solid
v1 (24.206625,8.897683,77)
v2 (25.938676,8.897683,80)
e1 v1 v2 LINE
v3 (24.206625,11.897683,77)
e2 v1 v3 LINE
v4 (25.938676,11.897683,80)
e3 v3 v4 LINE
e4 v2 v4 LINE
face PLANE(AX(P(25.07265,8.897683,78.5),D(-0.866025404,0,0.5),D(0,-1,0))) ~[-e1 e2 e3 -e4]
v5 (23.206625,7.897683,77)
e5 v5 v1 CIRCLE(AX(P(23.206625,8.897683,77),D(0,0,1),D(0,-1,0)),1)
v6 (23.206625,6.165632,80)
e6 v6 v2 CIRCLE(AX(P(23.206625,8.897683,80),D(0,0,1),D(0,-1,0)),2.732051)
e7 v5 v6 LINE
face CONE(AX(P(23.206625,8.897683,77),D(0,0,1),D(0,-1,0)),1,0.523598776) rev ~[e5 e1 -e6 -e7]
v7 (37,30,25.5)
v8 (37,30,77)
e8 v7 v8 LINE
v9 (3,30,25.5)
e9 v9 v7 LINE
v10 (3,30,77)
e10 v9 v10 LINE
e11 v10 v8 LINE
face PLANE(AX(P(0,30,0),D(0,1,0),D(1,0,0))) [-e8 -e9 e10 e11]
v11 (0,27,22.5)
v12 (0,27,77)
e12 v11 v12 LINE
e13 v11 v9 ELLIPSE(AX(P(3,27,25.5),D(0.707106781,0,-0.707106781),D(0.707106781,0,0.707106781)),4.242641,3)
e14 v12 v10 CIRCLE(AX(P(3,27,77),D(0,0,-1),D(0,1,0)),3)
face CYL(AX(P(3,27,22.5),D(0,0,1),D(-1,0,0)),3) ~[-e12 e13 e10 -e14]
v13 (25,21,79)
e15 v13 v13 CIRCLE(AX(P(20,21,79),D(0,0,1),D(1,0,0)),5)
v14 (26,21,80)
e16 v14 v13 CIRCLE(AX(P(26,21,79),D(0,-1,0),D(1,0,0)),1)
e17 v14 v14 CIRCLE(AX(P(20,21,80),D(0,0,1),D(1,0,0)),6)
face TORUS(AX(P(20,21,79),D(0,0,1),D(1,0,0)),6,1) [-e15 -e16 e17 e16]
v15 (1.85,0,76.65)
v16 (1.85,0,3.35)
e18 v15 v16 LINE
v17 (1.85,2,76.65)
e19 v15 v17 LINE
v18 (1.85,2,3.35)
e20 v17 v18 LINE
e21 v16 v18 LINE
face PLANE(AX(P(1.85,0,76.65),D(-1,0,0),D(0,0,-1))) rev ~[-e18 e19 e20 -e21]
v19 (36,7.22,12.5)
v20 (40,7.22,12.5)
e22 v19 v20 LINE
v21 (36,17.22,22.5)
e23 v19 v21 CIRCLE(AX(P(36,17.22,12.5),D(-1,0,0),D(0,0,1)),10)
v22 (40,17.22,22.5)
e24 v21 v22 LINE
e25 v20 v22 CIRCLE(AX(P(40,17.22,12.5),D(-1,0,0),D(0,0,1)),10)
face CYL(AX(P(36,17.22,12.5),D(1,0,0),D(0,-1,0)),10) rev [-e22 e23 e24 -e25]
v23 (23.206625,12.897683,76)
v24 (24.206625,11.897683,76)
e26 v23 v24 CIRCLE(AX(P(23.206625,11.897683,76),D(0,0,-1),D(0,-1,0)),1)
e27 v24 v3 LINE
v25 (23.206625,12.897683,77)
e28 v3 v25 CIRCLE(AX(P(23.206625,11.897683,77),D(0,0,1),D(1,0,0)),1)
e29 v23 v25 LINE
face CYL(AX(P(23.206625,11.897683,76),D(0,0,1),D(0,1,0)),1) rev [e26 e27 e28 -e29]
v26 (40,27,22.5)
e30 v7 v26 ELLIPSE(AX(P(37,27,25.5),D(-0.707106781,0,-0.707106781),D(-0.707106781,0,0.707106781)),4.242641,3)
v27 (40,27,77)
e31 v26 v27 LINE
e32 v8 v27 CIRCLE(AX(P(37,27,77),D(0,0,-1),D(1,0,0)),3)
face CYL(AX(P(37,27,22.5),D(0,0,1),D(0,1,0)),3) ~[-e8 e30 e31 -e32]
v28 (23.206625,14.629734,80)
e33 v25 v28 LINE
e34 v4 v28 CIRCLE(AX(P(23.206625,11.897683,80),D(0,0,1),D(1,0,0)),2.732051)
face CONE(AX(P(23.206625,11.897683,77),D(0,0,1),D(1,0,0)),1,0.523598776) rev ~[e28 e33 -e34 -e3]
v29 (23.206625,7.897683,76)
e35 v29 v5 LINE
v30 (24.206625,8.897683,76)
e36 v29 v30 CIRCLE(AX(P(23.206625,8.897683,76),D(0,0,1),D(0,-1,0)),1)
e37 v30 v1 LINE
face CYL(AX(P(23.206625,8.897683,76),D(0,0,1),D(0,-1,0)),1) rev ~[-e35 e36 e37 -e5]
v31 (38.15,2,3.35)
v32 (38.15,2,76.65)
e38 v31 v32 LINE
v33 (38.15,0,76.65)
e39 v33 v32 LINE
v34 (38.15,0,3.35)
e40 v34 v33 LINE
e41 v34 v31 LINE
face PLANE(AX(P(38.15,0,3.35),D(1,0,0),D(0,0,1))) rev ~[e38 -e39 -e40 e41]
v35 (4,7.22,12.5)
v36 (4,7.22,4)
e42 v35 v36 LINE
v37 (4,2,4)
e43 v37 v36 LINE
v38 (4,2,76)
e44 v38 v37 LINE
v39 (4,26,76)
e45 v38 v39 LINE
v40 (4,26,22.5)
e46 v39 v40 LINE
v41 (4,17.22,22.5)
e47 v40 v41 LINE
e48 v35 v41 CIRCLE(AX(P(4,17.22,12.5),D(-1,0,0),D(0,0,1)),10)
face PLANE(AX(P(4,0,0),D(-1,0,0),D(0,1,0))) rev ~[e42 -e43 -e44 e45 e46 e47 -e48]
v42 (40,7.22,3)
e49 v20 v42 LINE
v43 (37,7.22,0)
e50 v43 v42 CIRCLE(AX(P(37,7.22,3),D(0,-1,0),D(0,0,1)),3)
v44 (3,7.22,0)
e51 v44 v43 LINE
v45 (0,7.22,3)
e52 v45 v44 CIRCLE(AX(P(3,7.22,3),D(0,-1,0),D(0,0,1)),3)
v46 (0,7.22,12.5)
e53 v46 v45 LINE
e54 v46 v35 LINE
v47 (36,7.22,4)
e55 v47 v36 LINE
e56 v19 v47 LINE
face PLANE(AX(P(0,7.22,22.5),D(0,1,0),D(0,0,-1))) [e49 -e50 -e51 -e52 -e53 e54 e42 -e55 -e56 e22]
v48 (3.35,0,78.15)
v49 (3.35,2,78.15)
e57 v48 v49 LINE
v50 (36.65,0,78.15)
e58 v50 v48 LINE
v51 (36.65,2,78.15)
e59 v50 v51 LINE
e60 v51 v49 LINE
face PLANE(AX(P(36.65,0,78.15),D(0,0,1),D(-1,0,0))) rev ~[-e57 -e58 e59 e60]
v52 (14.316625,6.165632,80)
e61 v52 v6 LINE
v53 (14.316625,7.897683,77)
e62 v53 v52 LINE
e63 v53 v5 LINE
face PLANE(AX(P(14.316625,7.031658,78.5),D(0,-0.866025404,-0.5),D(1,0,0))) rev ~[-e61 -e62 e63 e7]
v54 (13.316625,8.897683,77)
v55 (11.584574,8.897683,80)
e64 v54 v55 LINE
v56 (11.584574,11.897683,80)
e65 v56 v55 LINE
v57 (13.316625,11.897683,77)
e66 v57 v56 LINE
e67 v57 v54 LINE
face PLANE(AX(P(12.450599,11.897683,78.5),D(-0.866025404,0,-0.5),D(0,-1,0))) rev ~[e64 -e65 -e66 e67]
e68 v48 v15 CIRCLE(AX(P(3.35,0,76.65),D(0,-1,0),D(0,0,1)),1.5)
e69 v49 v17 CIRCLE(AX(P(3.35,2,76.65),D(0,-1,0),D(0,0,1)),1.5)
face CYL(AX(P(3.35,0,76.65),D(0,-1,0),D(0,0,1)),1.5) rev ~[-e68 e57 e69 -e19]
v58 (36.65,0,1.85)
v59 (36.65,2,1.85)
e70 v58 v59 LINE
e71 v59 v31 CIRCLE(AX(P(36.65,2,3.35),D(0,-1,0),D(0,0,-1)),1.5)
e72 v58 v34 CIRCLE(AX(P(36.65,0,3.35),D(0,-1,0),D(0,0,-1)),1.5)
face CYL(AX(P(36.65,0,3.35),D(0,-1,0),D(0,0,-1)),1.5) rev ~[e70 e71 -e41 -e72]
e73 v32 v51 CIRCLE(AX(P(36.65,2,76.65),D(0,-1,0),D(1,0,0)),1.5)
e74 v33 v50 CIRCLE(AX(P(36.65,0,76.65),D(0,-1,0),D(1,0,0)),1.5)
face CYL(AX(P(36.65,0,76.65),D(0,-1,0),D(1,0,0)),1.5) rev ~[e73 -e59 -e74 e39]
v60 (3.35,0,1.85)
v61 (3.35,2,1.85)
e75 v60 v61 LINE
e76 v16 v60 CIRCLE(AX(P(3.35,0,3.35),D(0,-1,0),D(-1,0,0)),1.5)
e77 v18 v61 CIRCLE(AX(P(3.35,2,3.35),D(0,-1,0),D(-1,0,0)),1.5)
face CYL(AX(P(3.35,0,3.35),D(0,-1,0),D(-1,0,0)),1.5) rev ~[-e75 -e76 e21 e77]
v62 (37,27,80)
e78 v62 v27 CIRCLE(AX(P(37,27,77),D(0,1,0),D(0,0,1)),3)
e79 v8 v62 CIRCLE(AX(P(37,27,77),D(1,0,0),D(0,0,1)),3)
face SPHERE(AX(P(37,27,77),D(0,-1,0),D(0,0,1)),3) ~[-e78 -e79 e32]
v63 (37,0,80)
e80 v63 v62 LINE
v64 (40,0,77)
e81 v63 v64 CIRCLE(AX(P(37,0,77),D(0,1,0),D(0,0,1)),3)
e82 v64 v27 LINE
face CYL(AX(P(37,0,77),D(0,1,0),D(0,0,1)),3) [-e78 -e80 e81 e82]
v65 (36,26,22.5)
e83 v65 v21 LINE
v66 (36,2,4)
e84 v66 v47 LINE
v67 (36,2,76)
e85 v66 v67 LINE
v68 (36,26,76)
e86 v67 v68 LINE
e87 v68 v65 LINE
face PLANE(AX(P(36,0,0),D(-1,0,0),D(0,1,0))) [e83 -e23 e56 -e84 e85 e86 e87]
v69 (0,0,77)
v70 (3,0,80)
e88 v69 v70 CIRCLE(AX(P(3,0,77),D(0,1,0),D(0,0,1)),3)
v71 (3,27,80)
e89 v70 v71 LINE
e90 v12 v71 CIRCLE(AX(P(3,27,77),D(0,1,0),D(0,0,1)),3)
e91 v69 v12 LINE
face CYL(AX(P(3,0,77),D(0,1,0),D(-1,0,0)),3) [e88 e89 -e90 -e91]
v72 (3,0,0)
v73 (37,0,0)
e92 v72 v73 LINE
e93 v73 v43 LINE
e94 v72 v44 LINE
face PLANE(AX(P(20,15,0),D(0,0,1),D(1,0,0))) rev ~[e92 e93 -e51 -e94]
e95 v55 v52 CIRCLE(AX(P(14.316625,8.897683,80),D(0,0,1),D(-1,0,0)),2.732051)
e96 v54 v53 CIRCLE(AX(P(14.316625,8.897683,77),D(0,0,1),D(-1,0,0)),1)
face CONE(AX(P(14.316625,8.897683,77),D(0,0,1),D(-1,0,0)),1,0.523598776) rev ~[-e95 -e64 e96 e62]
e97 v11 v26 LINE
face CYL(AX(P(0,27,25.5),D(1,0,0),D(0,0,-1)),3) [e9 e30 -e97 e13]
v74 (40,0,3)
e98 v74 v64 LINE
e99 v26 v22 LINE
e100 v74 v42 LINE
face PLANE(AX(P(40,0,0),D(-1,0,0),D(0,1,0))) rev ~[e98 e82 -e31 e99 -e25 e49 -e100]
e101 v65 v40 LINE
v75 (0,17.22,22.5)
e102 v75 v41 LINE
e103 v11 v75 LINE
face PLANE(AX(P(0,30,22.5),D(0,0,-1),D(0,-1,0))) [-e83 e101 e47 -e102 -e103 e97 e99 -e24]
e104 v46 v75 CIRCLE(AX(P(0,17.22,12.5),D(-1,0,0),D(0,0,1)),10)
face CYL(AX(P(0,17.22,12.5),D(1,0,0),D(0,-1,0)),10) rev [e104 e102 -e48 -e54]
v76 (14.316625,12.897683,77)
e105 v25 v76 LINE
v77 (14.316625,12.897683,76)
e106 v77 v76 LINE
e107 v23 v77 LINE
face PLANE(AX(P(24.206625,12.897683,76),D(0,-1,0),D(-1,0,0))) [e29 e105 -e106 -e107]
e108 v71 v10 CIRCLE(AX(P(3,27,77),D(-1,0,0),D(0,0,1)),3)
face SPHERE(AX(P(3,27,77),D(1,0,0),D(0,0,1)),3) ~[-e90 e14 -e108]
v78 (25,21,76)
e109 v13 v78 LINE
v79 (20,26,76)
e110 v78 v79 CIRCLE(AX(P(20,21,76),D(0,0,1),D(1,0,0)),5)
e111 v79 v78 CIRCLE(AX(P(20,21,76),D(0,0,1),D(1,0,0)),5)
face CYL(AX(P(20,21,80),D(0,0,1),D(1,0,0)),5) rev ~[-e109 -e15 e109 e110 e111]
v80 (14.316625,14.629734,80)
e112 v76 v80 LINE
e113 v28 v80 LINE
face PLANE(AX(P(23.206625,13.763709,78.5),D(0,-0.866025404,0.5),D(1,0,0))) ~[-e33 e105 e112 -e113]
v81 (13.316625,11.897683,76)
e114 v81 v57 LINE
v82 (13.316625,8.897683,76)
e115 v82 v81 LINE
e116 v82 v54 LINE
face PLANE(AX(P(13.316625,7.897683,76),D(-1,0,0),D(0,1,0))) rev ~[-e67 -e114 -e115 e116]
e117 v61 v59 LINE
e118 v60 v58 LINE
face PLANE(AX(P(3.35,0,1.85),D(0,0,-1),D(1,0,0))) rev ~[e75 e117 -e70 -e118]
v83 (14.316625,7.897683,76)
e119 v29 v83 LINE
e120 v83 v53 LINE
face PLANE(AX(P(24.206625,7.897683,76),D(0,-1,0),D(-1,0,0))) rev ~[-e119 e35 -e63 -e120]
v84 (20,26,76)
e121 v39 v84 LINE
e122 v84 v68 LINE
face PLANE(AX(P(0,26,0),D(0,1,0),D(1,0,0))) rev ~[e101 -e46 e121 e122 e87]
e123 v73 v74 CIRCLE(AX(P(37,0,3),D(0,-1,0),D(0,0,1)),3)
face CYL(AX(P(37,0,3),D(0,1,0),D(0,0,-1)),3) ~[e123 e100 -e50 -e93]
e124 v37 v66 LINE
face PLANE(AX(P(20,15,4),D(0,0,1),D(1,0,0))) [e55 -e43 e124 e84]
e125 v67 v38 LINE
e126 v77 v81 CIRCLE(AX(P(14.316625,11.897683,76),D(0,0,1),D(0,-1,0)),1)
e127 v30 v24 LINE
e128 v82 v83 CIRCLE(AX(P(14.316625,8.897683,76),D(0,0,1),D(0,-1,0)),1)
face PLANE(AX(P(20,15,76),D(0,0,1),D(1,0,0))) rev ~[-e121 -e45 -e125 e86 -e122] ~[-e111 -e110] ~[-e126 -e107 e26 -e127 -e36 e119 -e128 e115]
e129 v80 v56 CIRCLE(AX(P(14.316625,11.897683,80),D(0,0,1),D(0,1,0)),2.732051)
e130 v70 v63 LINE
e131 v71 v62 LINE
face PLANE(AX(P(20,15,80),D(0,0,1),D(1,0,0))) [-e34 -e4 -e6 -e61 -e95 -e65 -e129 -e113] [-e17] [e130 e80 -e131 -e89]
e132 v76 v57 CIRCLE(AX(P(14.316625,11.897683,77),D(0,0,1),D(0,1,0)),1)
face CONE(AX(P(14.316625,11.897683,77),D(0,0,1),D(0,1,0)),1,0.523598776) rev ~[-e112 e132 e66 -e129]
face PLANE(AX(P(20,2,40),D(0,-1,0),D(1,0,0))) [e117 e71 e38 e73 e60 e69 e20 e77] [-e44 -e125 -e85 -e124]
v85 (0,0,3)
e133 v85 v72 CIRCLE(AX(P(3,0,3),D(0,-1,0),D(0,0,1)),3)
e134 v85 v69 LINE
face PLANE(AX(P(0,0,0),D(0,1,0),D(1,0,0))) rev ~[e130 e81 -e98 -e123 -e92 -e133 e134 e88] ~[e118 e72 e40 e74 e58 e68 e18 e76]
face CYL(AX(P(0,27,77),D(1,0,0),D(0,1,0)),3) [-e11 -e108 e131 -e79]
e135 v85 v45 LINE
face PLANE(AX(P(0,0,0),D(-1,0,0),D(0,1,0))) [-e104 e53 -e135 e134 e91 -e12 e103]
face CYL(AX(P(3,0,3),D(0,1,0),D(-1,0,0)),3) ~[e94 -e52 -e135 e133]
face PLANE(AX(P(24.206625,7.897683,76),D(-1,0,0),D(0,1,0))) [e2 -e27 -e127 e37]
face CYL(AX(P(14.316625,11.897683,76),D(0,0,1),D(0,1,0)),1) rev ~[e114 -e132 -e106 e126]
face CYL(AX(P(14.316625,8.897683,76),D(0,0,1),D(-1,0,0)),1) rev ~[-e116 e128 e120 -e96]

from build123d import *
from OCP.BRepFilletAPI import BRepFilletAPI_MakeChamfer

# Parameters (mm, degrees)
SKETCH1_W           = 40
SKETCH1_H           = 30.000000000000004
BOSS_EXTRUDE1_DEPTH = 80
SHELL1_T            = -4
SKETCH2_W           = 10.889999999999999
SKETCH2_H           = 5
CUT_EXTRUDE1_DEPTH  = 91.97252332435328
FILLET1_R           = 1
CHAMFER1_SIZE       = 3
CHAMFER1_SIZE2      = 1.732050807568882
CUT_EXTRUDE2_DEPTH  = 95.33981132056604
SKETCH4_R           = 5.000000000000001
CUT_EXTRUDE3_DEPTH  = 5
FILLET2_R           = 1
FILLET3_R           = 10
FILLET4_R           = 3
CUT_EXTRUDE4_DEPTH  = 2


with BuildPart() as part:
    # Sketch1 → Boss-Extrude1 (new body)
    with BuildSketch(Plane.XY):
        with Locations((20, 15.000000000000002)):
            Rectangle(SKETCH1_W, SKETCH1_H)
    extrude(amount=BOSS_EXTRUDE1_DEPTH)

    # Shell1
    shell1_openings = [part.faces().sort_by_distance(p)[0] for p in [
        (20, 0, 40),
    ]]
    offset(amount=SHELL1_T, openings=shell1_openings, kind=Kind.INTERSECTION)

    # Sketch2 → Cut-Extrude1 (cut, through all)
    with BuildSketch(Plane(origin=(0, 0, 76), x_dir=(-1, 0, 0), z_dir=(0, 0, -1))):
        with Locations((-18.76162487822802, 10.397683125280034)):
            Rectangle(SKETCH2_W, SKETCH2_H)
    extrude(amount=-CUT_EXTRUDE1_DEPTH, mode=Mode.SUBTRACT)

    # Fillet1
    fillet1_edges = [part.edges().sort_by_distance(p)[0] for p in [
        (13.316624878228021, 12.897683125280034, 78),
        (13.316624878228021, 7.897683125280034, 78),
        (24.206624878228023, 7.897683125280034, 78),
        (24.206624878228023, 12.897683125280034, 78),
    ]]
    fillet(fillet1_edges, radius=FILLET1_R)

    # Chamfer1: one chamfer whose edges measure the first distance from different faces: ONE call of the kernel's chamfer builder (chamfer() names one face for all edges)
    chamfer1_edges_1 = [part.edges().sort_by_distance(p)[0] for p in [
        (13.316624878228021, 10.397683125280034, 80),
    ]]
    chamfer1_side_1 = [part.faces().sort_by_distance(p)[0] for p in [
        (13.316624878228021, 10.397683125280034, 78),
    ]]
    chamfer1_edges_2 = [part.edges().sort_by_distance(p)[0] for p in [
        (18.761624878228023, 7.897683125280034, 80),
    ]]
    chamfer1_side_2 = [part.faces().sort_by_distance(p)[0] for p in [
        (18.761624878228023, 7.897683125280035, 78),
    ]]
    chamfer1_edges_3 = [part.edges().sort_by_distance(p)[0] for p in [
        (18.761624878228023, 12.897683125280034, 80),
    ]]
    chamfer1_side_3 = [part.faces().sort_by_distance(p)[0] for p in [
        (18.761624878228023, 12.897683125280034, 78),
    ]]
    chamfer1_edges_4 = [part.edges().sort_by_distance(p)[0] for p in [
        (24.206624878228023, 10.397683125280034, 80),
    ]]
    chamfer1_side_4 = [part.faces().sort_by_distance(p)[0] for p in [
        (24.206624878228023, 10.397683125280034, 78),
    ]]
    chamfer1_edges_5 = [part.edges().sort_by_distance(p)[0] for p in [
        (13.609518097041473, 8.190576344093486, 80),
    ]]
    chamfer1_side_5 = [part.faces().sort_by_distance(p)[0] for p in [
        (13.609518097041473, 8.190576344093486, 78),
    ]]
    chamfer1_edges_6 = [part.edges().sort_by_distance(p)[0] for p in [
        (13.609518097041473, 12.604789906466582, 80),
    ]]
    chamfer1_side_6 = [part.faces().sort_by_distance(p)[0] for p in [
        (13.609518097041473, 12.604789906466582, 78),
    ]]
    chamfer1_edges_7 = [part.edges().sort_by_distance(p)[0] for p in [
        (23.91373165941457, 8.190576344093486, 80),
    ]]
    chamfer1_side_7 = [part.faces().sort_by_distance(p)[0] for p in [
        (23.91373165941457, 8.190576344093486, 78),
    ]]
    chamfer1_edges_8 = [part.edges().sort_by_distance(p)[0] for p in [
        (23.91373165941457, 12.604789906466582, 80),
    ]]
    chamfer1_side_8 = [part.faces().sort_by_distance(p)[0] for p in [
        (23.91373165941457, 12.604789906466582, 78),
    ]]
    chamfer1 = BRepFilletAPI_MakeChamfer(part.part.solid().wrapped)
    for e in chamfer1_edges_1:
        chamfer1.Add(CHAMFER1_SIZE, CHAMFER1_SIZE2, e.wrapped, chamfer1_side_1[0].wrapped)  # the first distance lies on this face
    for e in chamfer1_edges_2:
        chamfer1.Add(CHAMFER1_SIZE, CHAMFER1_SIZE2, e.wrapped, chamfer1_side_2[0].wrapped)  # the first distance lies on this face
    for e in chamfer1_edges_3:
        chamfer1.Add(CHAMFER1_SIZE, CHAMFER1_SIZE2, e.wrapped, chamfer1_side_3[0].wrapped)  # the first distance lies on this face
    for e in chamfer1_edges_4:
        chamfer1.Add(CHAMFER1_SIZE, CHAMFER1_SIZE2, e.wrapped, chamfer1_side_4[0].wrapped)  # the first distance lies on this face
    for e in chamfer1_edges_5:
        chamfer1.Add(CHAMFER1_SIZE, CHAMFER1_SIZE2, e.wrapped, chamfer1_side_5[0].wrapped)  # the first distance lies on this face
    for e in chamfer1_edges_6:
        chamfer1.Add(CHAMFER1_SIZE, CHAMFER1_SIZE2, e.wrapped, chamfer1_side_6[0].wrapped)  # the first distance lies on this face
    for e in chamfer1_edges_7:
        chamfer1.Add(CHAMFER1_SIZE, CHAMFER1_SIZE2, e.wrapped, chamfer1_side_7[0].wrapped)  # the first distance lies on this face
    for e in chamfer1_edges_8:
        chamfer1.Add(CHAMFER1_SIZE, CHAMFER1_SIZE2, e.wrapped, chamfer1_side_8[0].wrapped)  # the first distance lies on this face
    add(Compound.cast(chamfer1.Shape()), mode=Mode.REPLACE)

    # Sketch3 → Cut-Extrude2 (cut, through all)
    with BuildSketch(Plane.ZY):
        Polygon((0, 30), (22.5, 30), (22.5, 7.220000000000001), (1.47e-15, 7.220000000000001), align=None)
    extrude(amount=-CUT_EXTRUDE2_DEPTH, mode=Mode.SUBTRACT)

    # Sketch4 → Cut-Extrude3 (cut)
    with BuildSketch(Plane.XY.offset(80)):
        with Locations((20, 20.999999999999996)):
            Circle(SKETCH4_R)
    extrude(amount=-CUT_EXTRUDE3_DEPTH, mode=Mode.SUBTRACT)

    # Fillet2
    fillet2_edges = [part.edges().sort_by_distance(p)[0] for p in [
        (15, 20.999999999999996, 80),
    ]]
    fillet(fillet2_edges, radius=FILLET2_R)

    # Fillet3
    fillet3_edges = [part.edges().sort_by_distance(p)[0] for p in [
        (2, 7.220000000000001, 22.5),
        (38, 7.220000000000001, 22.5),
    ]]
    fillet(fillet3_edges, radius=FILLET3_R)

    # Fillet4
    fillet4_edges = [part.edges().sort_by_distance(p)[0] for p in [
        (40, 15, 80),
        (20, 30, 80),
        (0, 15, 80),
        (40, 3.6100000000000003, 0),
        (0, 30, 51.25),
        (40, 30, 51.25),
        (0, 3.6099999999999994, 0),
        (20, 30, 22.5),
    ]]
    fillet(fillet4_edges, radius=FILLET4_R)

    # Sketch5 → Cut-Extrude4 (cut)
    with BuildSketch(Plane.XZ):
        with BuildLine():
            Line((36.65, 78.14999999999998), (3.3499999999999988, 78.14999999999998))
            ThreePointArc((3.3499999999999988, 78.14999999999998), (2.2893398282201787, 77.7106601717798), (1.8500000000000005, 76.64999999999998))
            Line((1.8500000000000005, 76.64999999999998), (1.8500000000000096, 3.350000000000001))
            ThreePointArc((1.8500000000000096, 3.350000000000001), (2.2893398282201884, 2.2893398282201796), (3.35000000000001, 1.850000000000001))
            Line((3.35000000000001, 1.850000000000001), (36.65, 1.8500000000000028))
            ThreePointArc((36.65, 1.8500000000000028), (37.71066017177982, 2.289339828220177), (38.150000000000006, 3.350000000000003))
            Line((38.150000000000006, 3.350000000000003), (38.150000000000006, 76.64999999999998))
            ThreePointArc((38.150000000000006, 76.64999999999998), (37.71066017177982, 77.7106601717798), (36.65, 78.14999999999998))
        make_face()
        Polygon((4, 76), (4.000000000000009, 4.000000000000001), (36.00000000000001, 4.000000000000003), (36.00000000000001, 76), align=None, mode=Mode.SUBTRACT)
    extrude(amount=-CUT_EXTRUDE4_DEPTH, mode=Mode.SUBTRACT)


solid = part.part
